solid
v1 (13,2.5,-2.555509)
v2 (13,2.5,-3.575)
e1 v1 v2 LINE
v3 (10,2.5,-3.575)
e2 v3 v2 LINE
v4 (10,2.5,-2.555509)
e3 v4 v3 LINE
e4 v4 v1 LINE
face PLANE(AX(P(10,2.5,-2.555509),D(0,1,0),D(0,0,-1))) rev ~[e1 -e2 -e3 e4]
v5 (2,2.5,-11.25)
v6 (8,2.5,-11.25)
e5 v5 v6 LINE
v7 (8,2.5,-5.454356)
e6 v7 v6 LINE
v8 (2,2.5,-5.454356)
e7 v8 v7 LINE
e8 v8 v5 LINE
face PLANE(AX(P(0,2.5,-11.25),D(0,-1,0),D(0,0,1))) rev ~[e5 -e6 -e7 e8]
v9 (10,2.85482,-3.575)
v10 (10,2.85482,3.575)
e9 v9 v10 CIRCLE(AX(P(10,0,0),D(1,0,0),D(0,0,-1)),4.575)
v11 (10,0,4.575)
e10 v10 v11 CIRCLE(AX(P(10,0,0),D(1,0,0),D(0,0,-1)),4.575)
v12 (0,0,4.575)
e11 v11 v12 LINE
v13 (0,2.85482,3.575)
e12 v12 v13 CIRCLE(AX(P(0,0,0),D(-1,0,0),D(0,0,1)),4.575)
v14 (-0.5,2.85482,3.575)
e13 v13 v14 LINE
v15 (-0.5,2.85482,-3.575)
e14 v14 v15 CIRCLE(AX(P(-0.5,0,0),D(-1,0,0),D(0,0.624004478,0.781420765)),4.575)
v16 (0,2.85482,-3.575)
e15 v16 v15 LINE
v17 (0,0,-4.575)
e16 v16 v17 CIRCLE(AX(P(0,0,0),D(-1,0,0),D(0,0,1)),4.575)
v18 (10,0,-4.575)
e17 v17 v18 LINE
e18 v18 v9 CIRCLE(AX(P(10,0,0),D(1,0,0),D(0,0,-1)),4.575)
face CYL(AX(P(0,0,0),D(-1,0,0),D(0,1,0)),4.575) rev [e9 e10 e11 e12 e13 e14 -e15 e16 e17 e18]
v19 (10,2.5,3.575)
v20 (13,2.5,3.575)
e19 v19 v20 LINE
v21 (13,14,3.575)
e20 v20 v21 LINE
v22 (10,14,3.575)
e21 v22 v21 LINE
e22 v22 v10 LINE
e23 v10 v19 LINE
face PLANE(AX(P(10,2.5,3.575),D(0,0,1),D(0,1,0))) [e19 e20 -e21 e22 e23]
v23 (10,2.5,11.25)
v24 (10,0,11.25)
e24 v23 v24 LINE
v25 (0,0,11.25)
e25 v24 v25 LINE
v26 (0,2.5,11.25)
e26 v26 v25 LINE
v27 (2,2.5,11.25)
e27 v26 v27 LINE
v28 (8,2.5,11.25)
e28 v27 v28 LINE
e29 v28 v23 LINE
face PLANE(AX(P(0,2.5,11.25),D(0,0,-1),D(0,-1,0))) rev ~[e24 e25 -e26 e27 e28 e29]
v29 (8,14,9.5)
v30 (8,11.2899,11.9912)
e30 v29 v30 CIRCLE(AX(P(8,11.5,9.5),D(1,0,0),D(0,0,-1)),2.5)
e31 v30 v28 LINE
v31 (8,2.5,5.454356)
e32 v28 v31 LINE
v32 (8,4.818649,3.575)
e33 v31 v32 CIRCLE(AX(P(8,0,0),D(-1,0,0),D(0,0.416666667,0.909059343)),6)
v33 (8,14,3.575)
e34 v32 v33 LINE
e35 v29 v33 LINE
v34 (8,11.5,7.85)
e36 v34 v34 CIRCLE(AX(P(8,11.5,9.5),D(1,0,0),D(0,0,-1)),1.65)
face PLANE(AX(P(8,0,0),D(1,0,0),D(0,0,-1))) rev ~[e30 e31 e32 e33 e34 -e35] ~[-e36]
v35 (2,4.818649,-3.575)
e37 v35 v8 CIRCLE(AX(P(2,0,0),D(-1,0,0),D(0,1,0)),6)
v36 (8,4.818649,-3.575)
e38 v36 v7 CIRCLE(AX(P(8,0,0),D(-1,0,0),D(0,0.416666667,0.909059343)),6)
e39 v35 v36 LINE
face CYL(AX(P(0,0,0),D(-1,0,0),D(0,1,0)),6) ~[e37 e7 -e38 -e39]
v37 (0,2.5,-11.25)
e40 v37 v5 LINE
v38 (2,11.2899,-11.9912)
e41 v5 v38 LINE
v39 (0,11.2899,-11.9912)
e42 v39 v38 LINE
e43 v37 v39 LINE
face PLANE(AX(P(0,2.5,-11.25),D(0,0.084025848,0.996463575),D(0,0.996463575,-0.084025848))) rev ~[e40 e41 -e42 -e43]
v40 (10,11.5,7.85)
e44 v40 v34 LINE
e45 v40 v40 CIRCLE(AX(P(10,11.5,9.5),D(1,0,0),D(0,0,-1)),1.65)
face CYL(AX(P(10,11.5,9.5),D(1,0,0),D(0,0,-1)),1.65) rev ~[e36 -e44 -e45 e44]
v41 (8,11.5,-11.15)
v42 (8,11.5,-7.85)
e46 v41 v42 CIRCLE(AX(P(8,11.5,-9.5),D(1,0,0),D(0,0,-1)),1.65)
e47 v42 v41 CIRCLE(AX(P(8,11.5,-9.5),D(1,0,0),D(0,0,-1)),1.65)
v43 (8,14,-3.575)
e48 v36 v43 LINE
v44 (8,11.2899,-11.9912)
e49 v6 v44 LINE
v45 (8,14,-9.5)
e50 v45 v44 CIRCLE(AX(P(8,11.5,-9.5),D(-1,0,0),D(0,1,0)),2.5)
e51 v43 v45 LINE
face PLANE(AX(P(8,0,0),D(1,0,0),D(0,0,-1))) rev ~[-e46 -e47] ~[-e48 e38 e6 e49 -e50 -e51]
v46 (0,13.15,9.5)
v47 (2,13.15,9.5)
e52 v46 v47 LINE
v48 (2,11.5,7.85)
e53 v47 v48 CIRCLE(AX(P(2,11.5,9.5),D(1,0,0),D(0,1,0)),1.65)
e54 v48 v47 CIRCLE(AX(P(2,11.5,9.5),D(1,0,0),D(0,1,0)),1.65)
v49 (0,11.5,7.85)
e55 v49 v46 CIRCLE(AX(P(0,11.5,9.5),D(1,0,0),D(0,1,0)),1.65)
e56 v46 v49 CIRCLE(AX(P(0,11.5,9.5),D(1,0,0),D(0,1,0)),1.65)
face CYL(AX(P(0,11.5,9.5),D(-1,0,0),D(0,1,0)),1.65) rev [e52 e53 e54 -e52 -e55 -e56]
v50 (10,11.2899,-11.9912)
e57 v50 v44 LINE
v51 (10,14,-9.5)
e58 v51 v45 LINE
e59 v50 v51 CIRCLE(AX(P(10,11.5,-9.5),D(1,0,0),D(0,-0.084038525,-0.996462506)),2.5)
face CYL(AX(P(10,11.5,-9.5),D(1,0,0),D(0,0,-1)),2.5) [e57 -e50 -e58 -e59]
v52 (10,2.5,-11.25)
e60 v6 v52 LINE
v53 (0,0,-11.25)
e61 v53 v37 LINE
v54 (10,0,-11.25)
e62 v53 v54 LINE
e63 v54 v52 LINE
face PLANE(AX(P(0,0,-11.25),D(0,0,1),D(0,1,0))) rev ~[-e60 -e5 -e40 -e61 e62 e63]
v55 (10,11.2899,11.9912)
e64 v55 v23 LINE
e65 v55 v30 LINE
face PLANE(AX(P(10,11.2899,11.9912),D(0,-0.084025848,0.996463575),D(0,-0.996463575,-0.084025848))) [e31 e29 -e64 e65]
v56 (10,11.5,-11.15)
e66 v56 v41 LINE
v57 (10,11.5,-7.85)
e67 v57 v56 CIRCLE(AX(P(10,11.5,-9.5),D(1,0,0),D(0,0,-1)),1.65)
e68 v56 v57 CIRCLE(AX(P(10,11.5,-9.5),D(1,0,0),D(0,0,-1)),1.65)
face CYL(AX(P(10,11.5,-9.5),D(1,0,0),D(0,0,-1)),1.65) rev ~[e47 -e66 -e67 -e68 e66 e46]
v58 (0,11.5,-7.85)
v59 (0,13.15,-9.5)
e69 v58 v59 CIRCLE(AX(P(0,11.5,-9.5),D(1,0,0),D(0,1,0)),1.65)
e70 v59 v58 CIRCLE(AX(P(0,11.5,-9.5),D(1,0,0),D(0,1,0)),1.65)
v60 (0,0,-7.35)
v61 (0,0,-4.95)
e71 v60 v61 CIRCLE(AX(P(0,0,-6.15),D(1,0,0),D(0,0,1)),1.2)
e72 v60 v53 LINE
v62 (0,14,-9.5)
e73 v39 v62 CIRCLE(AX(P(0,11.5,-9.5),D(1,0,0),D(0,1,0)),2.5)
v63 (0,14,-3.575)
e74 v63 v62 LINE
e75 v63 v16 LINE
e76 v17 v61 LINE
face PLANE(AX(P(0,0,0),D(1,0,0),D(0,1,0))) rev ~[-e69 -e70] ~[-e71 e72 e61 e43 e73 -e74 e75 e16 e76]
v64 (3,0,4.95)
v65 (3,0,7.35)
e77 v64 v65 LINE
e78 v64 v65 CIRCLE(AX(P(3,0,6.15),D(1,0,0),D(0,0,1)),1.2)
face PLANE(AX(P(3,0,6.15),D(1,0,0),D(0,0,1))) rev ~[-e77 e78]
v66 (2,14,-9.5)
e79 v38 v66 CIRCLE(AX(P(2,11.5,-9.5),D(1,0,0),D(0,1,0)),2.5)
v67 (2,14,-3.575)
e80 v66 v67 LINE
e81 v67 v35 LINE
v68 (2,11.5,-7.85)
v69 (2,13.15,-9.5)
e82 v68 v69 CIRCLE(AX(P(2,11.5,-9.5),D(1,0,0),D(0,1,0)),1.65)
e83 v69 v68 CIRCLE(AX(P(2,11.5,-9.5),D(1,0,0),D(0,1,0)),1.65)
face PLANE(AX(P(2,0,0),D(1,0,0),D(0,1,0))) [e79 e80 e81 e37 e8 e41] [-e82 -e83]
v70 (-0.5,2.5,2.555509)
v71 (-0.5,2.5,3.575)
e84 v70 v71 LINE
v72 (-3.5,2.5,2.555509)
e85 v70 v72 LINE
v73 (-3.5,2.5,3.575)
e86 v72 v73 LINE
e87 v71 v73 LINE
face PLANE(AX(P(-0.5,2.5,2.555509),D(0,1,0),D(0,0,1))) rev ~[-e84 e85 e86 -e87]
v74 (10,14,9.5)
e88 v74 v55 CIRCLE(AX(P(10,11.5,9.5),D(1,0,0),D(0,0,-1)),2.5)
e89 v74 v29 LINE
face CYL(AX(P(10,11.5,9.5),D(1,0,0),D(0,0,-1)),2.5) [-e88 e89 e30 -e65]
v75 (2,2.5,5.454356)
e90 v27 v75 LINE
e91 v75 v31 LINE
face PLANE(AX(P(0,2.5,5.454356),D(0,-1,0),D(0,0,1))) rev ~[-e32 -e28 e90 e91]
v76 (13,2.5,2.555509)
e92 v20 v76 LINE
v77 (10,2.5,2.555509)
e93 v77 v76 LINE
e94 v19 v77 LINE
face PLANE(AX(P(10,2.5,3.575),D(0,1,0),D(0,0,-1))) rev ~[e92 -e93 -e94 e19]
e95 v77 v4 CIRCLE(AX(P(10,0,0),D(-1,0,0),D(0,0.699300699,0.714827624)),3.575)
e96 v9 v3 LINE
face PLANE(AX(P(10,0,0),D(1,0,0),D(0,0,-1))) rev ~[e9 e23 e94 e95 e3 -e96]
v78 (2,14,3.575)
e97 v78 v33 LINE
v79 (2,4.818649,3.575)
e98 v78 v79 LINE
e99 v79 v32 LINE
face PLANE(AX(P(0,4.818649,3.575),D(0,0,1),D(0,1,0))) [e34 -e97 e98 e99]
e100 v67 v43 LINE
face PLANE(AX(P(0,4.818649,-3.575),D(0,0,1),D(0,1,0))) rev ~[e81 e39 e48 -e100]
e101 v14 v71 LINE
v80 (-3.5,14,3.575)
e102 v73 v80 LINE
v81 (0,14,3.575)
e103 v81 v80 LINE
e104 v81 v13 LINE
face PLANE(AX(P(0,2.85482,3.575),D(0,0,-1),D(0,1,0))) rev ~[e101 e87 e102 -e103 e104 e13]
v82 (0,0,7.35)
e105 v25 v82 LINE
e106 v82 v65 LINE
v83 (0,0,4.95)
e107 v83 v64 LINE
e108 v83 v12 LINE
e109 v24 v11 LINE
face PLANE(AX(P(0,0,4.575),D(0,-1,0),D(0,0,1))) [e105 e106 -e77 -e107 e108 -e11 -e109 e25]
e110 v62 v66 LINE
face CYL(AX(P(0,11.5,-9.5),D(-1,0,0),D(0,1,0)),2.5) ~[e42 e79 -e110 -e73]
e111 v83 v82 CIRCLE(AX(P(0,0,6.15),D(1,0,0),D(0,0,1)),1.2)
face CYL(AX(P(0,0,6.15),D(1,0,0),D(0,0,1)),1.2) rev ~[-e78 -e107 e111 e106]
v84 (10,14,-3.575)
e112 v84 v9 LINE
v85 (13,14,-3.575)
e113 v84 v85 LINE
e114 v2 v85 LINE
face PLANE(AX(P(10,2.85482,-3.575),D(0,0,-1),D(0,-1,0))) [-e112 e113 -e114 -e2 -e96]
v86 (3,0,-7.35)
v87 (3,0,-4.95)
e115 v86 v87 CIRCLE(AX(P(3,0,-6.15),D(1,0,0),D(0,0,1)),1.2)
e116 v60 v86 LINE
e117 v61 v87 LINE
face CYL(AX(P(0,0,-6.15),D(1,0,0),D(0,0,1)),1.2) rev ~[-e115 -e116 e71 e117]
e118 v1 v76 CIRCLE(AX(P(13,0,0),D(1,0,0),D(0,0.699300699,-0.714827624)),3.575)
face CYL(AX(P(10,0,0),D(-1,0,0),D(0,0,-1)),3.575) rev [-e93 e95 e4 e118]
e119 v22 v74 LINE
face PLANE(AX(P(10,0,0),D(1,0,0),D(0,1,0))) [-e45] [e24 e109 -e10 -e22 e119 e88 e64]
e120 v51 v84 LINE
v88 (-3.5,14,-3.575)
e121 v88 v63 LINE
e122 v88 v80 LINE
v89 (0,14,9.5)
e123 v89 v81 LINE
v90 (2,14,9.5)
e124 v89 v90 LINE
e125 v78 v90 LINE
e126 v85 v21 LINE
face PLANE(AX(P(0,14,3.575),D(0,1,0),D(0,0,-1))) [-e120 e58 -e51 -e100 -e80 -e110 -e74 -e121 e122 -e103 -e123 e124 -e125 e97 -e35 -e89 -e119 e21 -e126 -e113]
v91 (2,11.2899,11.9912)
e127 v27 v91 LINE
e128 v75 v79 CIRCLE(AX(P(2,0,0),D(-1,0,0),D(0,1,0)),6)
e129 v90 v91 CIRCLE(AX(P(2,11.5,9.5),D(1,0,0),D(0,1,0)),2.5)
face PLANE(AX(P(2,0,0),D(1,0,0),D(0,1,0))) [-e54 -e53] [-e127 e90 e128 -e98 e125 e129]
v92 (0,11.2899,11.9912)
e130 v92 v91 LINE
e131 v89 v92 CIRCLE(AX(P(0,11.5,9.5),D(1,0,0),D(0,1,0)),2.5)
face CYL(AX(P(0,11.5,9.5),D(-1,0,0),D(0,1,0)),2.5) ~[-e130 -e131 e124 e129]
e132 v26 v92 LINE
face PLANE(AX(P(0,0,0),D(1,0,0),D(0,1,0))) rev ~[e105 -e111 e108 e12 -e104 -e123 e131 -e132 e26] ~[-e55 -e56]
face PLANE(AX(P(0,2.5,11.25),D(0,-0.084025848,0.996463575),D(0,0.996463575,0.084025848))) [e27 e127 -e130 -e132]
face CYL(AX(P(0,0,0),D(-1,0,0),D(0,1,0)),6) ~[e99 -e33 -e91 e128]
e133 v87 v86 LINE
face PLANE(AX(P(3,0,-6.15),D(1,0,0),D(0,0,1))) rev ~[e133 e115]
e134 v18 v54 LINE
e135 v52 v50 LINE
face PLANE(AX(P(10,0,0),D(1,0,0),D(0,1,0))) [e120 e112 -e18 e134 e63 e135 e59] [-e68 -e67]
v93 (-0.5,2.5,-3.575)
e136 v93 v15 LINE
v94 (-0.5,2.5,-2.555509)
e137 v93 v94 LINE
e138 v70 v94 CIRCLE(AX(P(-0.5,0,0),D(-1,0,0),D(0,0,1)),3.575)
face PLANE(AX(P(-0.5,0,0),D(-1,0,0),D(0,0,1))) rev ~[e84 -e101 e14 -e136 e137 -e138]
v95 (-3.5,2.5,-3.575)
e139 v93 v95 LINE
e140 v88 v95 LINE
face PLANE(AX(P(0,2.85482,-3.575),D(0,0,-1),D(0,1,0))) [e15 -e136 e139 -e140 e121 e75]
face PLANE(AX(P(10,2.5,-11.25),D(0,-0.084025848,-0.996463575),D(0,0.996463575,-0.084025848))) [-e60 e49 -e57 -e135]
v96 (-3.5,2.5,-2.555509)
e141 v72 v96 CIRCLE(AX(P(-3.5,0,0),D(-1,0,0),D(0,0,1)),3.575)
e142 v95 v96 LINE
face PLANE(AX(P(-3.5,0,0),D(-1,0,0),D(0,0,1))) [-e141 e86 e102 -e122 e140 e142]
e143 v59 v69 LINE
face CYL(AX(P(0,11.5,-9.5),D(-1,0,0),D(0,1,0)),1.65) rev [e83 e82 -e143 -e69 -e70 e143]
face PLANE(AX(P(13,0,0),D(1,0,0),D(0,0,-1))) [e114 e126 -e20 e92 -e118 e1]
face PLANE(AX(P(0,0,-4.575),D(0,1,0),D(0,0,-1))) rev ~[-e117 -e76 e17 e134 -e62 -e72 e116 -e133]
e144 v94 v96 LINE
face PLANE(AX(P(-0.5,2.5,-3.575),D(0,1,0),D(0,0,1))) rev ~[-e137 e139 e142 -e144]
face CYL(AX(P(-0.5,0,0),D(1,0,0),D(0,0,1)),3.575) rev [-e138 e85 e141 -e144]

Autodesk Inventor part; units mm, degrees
ref_plane "YZ Plane" through (0, 0, 0) normal (1, 0, 0) x (0, 1, 0)
ref_plane "XZ Plane" through (0, 0, 0) normal (0, 1, 0) x (-1, 0, 0)
ref_plane "XY Plane" through (0, 0, 0) normal (0, 0, 1) x (1, 0, 0)
sketch "スケッチ1" plane through (0, 0, 0) normal (1, 0, 0) x (0, 1, 0)
  circle A0 centre (0, 0) radius 4.575
  circle A1 centre (0, 0) radius 3.575
  line L0 (0, 0) -> (0, 6)
  line L1 (0, 6) -> (0, -6)
  line L2 (0, 0) -> (11.5, 0)
  line L3 (11.5, 0) -> (11.5, 9.5)
  line L4 (11.5, 9.5) -> (11.5, -9.5)
  circle A2 centre (11.5, 9.5) radius 1.65
  circle A3 centre (11.5, -9.5) radius 1.65
  line L5 (0, 0) -> (0, 11.25)
  line L6 (0, 11.25) -> (0, -11.25)
  line L7 (-2.5, -11.25) -> (2.5, -11.25)
  line L8 (2.5, -11.25) -> (2.5, 11.25)
  line L9 (2.5, 11.25) -> (-2.5, 11.25)
  line L10 (-2.5, 11.25) -> (-2.5, -11.25)
  line L11 (-2.5, -11.25) -> (2.5, 11.25) construction
  line L12 (2.5, -11.25) -> (-2.5, 11.25) construction
  circle A4 centre (11.5, 9.5) radius 2.5
  circle A5 centre (11.5, -9.5) radius 2.5
  line L13 (2.5, 11.25) -> (11.2899, 11.9912)
  line L14 (2.5, -11.25) -> (11.2899, -11.9912)
  line L15 (14, 9.5) -> (14, -9.5)
  line L16 (0, -3.575) -> (14, -3.575)
  line L17 (0, 3.575) -> (14, 3.575)
  circle A6 centre (0, 0) radius 6
  line L18 (0, 0) -> (0, 6.15)
  line L19 (0, 6.15) -> (0, -6.15)
  circle A7 centre (0, 6.15) radius 1.25
  circle A8 centre (0, -6.15) radius 1.25
  point P0 (0, 4.575)
  point P1 (0, -4.575)
  point P2 (2.5, 3.575)
  point P3 (2.5, 2.5555)
  point P4 (2.5, -2.5555)
  point P5 (2.5, -3.575)
  point P6 (0, 7.4)
  point P7 (0, 4.9)
  point P8 (0, -4.9)
  point P9 (0, -7.4)
  point P10 (2.5, 5.4544)
  point P11 (2.5, -5.4544)
  point P12 (4.8186, 3.575)
  point P13 (4.8186, -3.575)
  point P14 (2.8548, 3.575)
  point P15 (2.8548, -3.575)
  dimension "d0" = 9.15
  dimension "d1" = 7.15
  dimension "d2" = 6
  dimension "d3" = 12
  dimension "d6" = 11.5
  dimension "d7" = 9.5
  dimension "d8" = 19
  dimension "d9" = 3.3
  dimension "d10" = 3.3
  dimension "d11" = 11.25
  dimension "d12" = 22.5
  dimension "d13" = 5
  dimension "d14" = 5
  dimension "d15" = 5
  dimension "d28" = 12
  dimension "d29" = 6.15
  dimension "d30" = 12.3
  dimension "d31" = 2.5
  dimension "d32" = 2.5
extrude "押し出し7" add sketch "スケッチ1" along normal blind 2 contours L2 A6 L16 A0 | A0 L17 A6 L2 | A0 L8 A6 L17 | L16 A6 L8 A0 | A6 L17 L3 L2 | L2 L4 L16 A6 | A0 L0 A7 A6 L8 | A6 L8 L13 A4 L3 L17 | L8 A6 A8 L1 A0 | L16 L4 A5 L14 L8 A6 | L3 L17 L15 L16 L4 | A6 A7 L5 L9 L8 | L3 A4 L15 L17 | L8 L7 L6 A8 A6 | L16 L15 A5 L4 | A4 | A5
extrude "押し出し8" add sketch "スケッチ1" along normal blind 10 contours L2 A6 L16 A0 | A0 L17 A6 L2 | A0 L8 A6 L17 | L16 A6 L8 A0 | A6 L17 L3 L2 | L2 L4 L16 A6 | A0 L0 A7 A6 L8 | L8 A6 A8 L1 A0 | L3 L17 L15 L16 L4 | A6 A7 L5 L9 L8 | L8 L7 L6 A8 A6 | L0 A6 A7 | A6 L5 A7 | A8 A6 L1 | A8 L6 A6 picked at (0.2292, 5.6392) picked at (0.3961, 6.4211) picked at (0.2292, -5.6392) picked at (0.3961, -6.4211)
sketch "スケッチ6" plane through (10, 0, 0) normal (1, 0, 0) x (0, 0, -1)
  line L0 (0, 0) -> (-6.15, 0)
  line L1 (-6.15, 0) -> (6.15, 0)
  circle A0 centre (-6.15, 0) radius 1.25
  circle A1 centre (6.15, 0) radius 1.25
  line L2 (-11.25, 2.5) -> (11.25, 2.5)
  line L3 (11.25, 2.5) -> (11.25, -2.5)
  line L4 (11.25, -2.5) -> (-11.25, -2.5)
  line L5 (-11.25, -2.5) -> (-11.25, 2.5)
  line L6 (-11.25, 2.5) -> (11.25, -2.5) construction
  line L7 (11.25, 2.5) -> (-11.25, -2.5) construction
  line L8 (0, 0) -> (0, 11.5)
  line L9 (0, 11.5) -> (-9.5, 11.5)
  line L10 (-9.5, 11.5) -> (9.5, 11.5)
  circle A2 centre (-9.5, 11.5) radius 1.65
  circle A3 centre (-9.5, 11.5) radius 2.5
  circle A4 centre (9.5, 11.5) radius 1.65
  circle A5 centre (9.5, 11.5) radius 2.5
  circle A6 centre (0, 0) radius 6
  circle A7 centre (0, 0) radius 4.575
  arc A8 (11.9912, 11.2899) -> (9.5, 14) centre (9.5, 11.5) ccw projected
  line L11 (11.25, 2.5) -> (11.9912, 11.2899)
  line L12 (-11.9912, 11.2899) -> (-11.25, 2.5) projected
  line L13 (-11.25, 2.5) -> (-11.9912, 11.2899)
  line L14 (9.5, 14) -> (-9.5, 14) projected
  arc A9 (-9.5, 14) -> (-11.9912, 11.2899) centre (-9.5, 11.5) ccw projected
  line L15 (-9.5, 14) -> (9.5, 14)
  circle A10 centre (0, 0) radius 3.575
  line L16 (-3.575, 14) -> (-3.575, 4.8186) projected
  line L17 (3.575, -14) -> (-3.575, -14)
  line L18 (-3.575, -14) -> (-3.575, 14)
  line L19 (-3.575, 14) -> (3.575, 14)
  line L20 (3.575, 14) -> (3.575, -14)
  line L21 (3.575, -14) -> (-3.575, 14) construction
  line L22 (-3.575, -14) -> (3.575, 14) construction
  point P0 (-5.4544, 2.5)
  point P1 (5.4544, 2.5)
  point P2 (7, 11.5)
  point P3 (-7, 11.5)
  point P4 (-3.575, 11.5)
  point P5 (-3.575, 4.8186)
  point P6 (-3.575, 2.5)
  point P7 (-2.5555, 2.5)
  point P8 (2.5555, 2.5)
  point P9 (3.575, 2.5)
  point P10 (3.575, 11.5)
  dimension "d69" = 12
  dimension "d56" = 6.15
  dimension "d57" = 12.3
  dimension "d58" = 2.5
  dimension "d59" = 2.5
  dimension "d62" = 11.5
  dimension "d63" = 9.5
  dimension "d64" = 19
  dimension "d65" = 3.3
  dimension "d66" = 5
  dimension "d67" = 3.3
  dimension "d68" = 5
  dimension "d70" = 9.15
  dimension "d79" = 7.15
extrude "押し出し9" add sketch "スケッチ6" against normal blind 2 contours L2 L12 A3 L9 L16 A6 | L16 L9 L8 A6 | A6 L20 L10 A5 L11 L2 | A6 L8 L10 L20 | L16 L14 L20 L10 L9 | L9 A3 L14 L16 | L20 L14 A5 L10 | A3 | A5
extrude "押し出し10" add sketch "スケッチ1" against normal blind 0.5 contours L2 A6 L16 A0 | A0 L17 A6 L2 | A6 L17 L3 L2 | L2 L4 L16 A6 | L3 L17 L15 L16 L4
sketch "スケッチ7" plane through (-0.5, 0, 0) normal (-1, 0, 0) x (0, 0, 1)
  circle A0 centre (0, 0) radius 3.575
  line L0 (-9.5, 14) -> (9.5, 14) projected
  line L1 (-3.575, 14) -> (3.575, 14)
  circle A1 centre (0, 0) radius 4.575
  line L2 (-11.25, 0) -> (-11.25, 2.5) projected
  line L3 (11.25, -2.5) -> (-11.25, -2.5)
  line L4 (-11.25, -2.5) -> (-11.25, 2.5)
  line L5 (-11.25, 2.5) -> (11.25, 2.5)
  line L6 (11.25, 2.5) -> (11.25, -2.5)
  line L7 (11.25, -2.5) -> (-11.25, 2.5) construction
  line L8 (-11.25, -2.5) -> (11.25, 2.5) construction
  line L9 (-3.575, 14) -> (-3.575, 0)
  line L10 (3.575, 14) -> (3.575, 0)
  point P0 (-3.575, 2.5)
  point P1 (-2.5555, 2.5)
  point P2 (2.5555, 2.5)
  point P3 (3.575, 2.5)
  dimension "d75" = 7.15
  dimension "d76" = 5
extrude "押し出し11" add sketch "スケッチ7" along normal blind 3 contours A0 L5 L9 A1 L10 | A1 L9 L0 L10
extrude "押し出し12" add sketch "スケッチ6" along normal blind 3 contours L2 L18 A7 L8 A10 | A10 L8 A7 L20 L2 | L18 A6 L8 A7 | A7 L8 A6 L20 | L16 L9 L8 A6 | A6 L8 L10 L20 | L16 L14 L20 L10 L9
hole "穴1" at (0, 0, -6.15) at (0, 0, 6.15) direction (1, 0, 0) diameter 2.4 depth 3
properties part number "ikafly5.0c"
